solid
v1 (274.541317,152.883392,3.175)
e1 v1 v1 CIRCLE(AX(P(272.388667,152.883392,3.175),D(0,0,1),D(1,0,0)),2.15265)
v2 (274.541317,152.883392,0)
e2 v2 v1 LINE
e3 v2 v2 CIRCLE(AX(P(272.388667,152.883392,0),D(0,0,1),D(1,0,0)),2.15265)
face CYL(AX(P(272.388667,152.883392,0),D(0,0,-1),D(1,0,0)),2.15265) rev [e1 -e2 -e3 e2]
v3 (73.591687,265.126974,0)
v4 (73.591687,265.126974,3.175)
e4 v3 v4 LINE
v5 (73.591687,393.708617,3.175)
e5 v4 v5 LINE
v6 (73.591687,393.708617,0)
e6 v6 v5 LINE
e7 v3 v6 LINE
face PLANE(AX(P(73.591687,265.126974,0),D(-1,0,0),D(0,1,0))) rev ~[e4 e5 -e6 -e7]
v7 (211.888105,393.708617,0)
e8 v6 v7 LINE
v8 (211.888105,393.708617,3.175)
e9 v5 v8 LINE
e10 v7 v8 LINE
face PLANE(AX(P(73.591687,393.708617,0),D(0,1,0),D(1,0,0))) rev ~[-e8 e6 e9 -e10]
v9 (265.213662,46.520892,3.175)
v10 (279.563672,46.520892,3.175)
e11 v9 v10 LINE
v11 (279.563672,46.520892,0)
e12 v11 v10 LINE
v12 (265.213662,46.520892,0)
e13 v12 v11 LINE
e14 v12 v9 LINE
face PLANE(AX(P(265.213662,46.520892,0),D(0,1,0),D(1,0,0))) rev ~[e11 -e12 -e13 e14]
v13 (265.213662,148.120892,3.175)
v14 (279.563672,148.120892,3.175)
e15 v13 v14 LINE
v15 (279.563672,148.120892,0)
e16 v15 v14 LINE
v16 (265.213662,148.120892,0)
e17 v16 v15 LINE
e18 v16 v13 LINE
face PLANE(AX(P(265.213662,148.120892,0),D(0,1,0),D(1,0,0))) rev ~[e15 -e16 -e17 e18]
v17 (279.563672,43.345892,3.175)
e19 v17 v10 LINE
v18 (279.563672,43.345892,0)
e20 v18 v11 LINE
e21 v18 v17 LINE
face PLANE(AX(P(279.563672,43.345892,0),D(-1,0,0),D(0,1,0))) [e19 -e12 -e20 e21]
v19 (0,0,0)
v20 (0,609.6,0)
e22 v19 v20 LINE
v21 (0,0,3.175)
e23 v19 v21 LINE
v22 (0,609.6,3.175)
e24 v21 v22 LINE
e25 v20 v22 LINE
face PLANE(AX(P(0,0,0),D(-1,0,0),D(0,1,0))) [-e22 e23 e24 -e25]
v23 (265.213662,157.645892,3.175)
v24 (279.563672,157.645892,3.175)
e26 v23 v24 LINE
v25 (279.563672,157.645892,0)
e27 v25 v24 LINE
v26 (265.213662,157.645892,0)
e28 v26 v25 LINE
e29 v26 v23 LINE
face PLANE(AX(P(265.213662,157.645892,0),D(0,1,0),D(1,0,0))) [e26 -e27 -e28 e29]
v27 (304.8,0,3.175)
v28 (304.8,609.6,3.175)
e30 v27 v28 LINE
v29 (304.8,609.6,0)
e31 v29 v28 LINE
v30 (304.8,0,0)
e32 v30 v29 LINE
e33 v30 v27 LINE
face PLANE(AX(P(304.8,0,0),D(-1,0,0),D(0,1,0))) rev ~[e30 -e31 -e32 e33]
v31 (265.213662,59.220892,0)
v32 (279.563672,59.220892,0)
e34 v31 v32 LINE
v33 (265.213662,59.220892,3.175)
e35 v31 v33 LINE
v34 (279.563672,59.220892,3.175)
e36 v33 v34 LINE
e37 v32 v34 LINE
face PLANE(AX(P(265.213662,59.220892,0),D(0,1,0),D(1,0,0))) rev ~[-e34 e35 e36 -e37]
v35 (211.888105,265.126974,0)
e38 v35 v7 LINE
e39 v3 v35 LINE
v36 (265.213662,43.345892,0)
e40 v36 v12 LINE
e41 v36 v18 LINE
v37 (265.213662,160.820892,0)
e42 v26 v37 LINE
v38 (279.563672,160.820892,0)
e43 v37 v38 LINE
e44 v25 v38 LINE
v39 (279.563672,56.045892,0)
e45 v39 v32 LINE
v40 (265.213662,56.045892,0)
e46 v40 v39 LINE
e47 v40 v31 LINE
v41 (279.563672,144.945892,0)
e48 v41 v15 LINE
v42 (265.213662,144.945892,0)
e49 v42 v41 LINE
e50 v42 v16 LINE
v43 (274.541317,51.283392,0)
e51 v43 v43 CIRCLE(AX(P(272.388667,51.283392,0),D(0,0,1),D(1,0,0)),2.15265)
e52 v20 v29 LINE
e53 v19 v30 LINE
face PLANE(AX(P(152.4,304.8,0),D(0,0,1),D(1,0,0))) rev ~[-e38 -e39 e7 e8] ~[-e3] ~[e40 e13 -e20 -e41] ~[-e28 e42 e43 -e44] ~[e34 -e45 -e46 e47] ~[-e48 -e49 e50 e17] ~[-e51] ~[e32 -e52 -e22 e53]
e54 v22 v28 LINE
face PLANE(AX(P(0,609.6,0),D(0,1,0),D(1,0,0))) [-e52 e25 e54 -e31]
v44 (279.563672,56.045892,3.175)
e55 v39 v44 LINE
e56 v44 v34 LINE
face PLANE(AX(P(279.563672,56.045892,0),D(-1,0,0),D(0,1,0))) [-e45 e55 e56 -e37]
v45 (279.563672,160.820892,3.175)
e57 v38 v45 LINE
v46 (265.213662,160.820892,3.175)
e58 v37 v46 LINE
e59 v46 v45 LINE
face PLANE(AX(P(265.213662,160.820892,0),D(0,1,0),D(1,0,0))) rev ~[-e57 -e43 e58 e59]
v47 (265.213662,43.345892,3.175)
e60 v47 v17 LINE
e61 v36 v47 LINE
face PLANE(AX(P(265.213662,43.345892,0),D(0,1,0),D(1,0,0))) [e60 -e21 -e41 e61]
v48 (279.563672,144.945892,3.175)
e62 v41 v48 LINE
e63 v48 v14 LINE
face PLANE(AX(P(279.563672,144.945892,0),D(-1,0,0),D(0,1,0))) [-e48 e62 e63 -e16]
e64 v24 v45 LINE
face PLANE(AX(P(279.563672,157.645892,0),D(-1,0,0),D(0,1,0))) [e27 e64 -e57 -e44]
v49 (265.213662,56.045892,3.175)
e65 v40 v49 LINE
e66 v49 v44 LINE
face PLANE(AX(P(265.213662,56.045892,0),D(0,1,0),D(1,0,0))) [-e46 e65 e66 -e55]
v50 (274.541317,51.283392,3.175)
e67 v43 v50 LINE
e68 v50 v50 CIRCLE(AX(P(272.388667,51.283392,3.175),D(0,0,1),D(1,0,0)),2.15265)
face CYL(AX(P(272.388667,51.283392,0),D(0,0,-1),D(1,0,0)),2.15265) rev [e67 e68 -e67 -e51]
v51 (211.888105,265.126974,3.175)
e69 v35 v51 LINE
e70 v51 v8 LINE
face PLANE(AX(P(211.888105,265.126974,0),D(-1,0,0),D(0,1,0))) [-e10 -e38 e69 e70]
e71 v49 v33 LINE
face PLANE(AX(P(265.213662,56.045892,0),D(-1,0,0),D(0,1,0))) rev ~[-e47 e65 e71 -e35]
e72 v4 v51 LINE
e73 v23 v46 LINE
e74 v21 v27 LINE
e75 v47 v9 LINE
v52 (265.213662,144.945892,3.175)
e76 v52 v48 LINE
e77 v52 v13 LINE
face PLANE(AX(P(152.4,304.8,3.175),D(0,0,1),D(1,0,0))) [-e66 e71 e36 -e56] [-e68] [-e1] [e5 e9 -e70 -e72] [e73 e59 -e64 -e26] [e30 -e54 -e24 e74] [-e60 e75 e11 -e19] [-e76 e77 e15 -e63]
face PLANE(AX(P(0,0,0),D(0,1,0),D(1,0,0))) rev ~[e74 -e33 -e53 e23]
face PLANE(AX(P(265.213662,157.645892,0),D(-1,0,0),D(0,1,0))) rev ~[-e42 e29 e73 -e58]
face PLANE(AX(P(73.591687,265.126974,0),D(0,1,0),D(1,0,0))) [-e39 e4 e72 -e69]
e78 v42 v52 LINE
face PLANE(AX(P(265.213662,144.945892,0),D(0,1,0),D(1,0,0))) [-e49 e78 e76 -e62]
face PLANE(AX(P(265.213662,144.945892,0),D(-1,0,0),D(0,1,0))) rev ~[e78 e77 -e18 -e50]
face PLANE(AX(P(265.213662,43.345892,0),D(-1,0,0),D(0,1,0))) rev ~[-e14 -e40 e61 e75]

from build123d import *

# Parameters (mm, degrees)
F0_W     = 304.8
F0_H     = 609.6
F0_W_2   = 14.35001
F0_H_2   = 3.175
F0_R     = 2.15265
F0_W_3   = 138.296418
F0_H_3   = 128.581643
F1_DEPTH = 3.175


with BuildPart() as f1:
    # F0 (on Top) → F1 (new body)
    with BuildSketch(Plane.XY):
        with Locations((152.4, 304.8)):
            Rectangle(F0_W, F0_H)
        with Locations((272.388667, 44.933392)):
            Rectangle(F0_W_2, F0_H_2, mode=Mode.SUBTRACT)
        with Locations((272.388667, 51.283392)):
            Circle(F0_R, mode=Mode.SUBTRACT)
        with Locations((272.388667, 57.633392)):
            Rectangle(F0_W_2, F0_H_2, mode=Mode.SUBTRACT)
        with Locations((272.388667, 146.533392)):
            Rectangle(F0_W_2, F0_H_2, mode=Mode.SUBTRACT)
        with Locations((272.388667, 152.883392)):
            Circle(F0_R, mode=Mode.SUBTRACT)
        with Locations((272.388667, 159.233392)):
            Rectangle(F0_W_2, F0_H_2, mode=Mode.SUBTRACT)
        with Locations((142.739896, 329.417795)):
            Rectangle(F0_W_3, F0_H_3, mode=Mode.SUBTRACT)
    extrude(amount=F1_DEPTH)


solid = f1.part
